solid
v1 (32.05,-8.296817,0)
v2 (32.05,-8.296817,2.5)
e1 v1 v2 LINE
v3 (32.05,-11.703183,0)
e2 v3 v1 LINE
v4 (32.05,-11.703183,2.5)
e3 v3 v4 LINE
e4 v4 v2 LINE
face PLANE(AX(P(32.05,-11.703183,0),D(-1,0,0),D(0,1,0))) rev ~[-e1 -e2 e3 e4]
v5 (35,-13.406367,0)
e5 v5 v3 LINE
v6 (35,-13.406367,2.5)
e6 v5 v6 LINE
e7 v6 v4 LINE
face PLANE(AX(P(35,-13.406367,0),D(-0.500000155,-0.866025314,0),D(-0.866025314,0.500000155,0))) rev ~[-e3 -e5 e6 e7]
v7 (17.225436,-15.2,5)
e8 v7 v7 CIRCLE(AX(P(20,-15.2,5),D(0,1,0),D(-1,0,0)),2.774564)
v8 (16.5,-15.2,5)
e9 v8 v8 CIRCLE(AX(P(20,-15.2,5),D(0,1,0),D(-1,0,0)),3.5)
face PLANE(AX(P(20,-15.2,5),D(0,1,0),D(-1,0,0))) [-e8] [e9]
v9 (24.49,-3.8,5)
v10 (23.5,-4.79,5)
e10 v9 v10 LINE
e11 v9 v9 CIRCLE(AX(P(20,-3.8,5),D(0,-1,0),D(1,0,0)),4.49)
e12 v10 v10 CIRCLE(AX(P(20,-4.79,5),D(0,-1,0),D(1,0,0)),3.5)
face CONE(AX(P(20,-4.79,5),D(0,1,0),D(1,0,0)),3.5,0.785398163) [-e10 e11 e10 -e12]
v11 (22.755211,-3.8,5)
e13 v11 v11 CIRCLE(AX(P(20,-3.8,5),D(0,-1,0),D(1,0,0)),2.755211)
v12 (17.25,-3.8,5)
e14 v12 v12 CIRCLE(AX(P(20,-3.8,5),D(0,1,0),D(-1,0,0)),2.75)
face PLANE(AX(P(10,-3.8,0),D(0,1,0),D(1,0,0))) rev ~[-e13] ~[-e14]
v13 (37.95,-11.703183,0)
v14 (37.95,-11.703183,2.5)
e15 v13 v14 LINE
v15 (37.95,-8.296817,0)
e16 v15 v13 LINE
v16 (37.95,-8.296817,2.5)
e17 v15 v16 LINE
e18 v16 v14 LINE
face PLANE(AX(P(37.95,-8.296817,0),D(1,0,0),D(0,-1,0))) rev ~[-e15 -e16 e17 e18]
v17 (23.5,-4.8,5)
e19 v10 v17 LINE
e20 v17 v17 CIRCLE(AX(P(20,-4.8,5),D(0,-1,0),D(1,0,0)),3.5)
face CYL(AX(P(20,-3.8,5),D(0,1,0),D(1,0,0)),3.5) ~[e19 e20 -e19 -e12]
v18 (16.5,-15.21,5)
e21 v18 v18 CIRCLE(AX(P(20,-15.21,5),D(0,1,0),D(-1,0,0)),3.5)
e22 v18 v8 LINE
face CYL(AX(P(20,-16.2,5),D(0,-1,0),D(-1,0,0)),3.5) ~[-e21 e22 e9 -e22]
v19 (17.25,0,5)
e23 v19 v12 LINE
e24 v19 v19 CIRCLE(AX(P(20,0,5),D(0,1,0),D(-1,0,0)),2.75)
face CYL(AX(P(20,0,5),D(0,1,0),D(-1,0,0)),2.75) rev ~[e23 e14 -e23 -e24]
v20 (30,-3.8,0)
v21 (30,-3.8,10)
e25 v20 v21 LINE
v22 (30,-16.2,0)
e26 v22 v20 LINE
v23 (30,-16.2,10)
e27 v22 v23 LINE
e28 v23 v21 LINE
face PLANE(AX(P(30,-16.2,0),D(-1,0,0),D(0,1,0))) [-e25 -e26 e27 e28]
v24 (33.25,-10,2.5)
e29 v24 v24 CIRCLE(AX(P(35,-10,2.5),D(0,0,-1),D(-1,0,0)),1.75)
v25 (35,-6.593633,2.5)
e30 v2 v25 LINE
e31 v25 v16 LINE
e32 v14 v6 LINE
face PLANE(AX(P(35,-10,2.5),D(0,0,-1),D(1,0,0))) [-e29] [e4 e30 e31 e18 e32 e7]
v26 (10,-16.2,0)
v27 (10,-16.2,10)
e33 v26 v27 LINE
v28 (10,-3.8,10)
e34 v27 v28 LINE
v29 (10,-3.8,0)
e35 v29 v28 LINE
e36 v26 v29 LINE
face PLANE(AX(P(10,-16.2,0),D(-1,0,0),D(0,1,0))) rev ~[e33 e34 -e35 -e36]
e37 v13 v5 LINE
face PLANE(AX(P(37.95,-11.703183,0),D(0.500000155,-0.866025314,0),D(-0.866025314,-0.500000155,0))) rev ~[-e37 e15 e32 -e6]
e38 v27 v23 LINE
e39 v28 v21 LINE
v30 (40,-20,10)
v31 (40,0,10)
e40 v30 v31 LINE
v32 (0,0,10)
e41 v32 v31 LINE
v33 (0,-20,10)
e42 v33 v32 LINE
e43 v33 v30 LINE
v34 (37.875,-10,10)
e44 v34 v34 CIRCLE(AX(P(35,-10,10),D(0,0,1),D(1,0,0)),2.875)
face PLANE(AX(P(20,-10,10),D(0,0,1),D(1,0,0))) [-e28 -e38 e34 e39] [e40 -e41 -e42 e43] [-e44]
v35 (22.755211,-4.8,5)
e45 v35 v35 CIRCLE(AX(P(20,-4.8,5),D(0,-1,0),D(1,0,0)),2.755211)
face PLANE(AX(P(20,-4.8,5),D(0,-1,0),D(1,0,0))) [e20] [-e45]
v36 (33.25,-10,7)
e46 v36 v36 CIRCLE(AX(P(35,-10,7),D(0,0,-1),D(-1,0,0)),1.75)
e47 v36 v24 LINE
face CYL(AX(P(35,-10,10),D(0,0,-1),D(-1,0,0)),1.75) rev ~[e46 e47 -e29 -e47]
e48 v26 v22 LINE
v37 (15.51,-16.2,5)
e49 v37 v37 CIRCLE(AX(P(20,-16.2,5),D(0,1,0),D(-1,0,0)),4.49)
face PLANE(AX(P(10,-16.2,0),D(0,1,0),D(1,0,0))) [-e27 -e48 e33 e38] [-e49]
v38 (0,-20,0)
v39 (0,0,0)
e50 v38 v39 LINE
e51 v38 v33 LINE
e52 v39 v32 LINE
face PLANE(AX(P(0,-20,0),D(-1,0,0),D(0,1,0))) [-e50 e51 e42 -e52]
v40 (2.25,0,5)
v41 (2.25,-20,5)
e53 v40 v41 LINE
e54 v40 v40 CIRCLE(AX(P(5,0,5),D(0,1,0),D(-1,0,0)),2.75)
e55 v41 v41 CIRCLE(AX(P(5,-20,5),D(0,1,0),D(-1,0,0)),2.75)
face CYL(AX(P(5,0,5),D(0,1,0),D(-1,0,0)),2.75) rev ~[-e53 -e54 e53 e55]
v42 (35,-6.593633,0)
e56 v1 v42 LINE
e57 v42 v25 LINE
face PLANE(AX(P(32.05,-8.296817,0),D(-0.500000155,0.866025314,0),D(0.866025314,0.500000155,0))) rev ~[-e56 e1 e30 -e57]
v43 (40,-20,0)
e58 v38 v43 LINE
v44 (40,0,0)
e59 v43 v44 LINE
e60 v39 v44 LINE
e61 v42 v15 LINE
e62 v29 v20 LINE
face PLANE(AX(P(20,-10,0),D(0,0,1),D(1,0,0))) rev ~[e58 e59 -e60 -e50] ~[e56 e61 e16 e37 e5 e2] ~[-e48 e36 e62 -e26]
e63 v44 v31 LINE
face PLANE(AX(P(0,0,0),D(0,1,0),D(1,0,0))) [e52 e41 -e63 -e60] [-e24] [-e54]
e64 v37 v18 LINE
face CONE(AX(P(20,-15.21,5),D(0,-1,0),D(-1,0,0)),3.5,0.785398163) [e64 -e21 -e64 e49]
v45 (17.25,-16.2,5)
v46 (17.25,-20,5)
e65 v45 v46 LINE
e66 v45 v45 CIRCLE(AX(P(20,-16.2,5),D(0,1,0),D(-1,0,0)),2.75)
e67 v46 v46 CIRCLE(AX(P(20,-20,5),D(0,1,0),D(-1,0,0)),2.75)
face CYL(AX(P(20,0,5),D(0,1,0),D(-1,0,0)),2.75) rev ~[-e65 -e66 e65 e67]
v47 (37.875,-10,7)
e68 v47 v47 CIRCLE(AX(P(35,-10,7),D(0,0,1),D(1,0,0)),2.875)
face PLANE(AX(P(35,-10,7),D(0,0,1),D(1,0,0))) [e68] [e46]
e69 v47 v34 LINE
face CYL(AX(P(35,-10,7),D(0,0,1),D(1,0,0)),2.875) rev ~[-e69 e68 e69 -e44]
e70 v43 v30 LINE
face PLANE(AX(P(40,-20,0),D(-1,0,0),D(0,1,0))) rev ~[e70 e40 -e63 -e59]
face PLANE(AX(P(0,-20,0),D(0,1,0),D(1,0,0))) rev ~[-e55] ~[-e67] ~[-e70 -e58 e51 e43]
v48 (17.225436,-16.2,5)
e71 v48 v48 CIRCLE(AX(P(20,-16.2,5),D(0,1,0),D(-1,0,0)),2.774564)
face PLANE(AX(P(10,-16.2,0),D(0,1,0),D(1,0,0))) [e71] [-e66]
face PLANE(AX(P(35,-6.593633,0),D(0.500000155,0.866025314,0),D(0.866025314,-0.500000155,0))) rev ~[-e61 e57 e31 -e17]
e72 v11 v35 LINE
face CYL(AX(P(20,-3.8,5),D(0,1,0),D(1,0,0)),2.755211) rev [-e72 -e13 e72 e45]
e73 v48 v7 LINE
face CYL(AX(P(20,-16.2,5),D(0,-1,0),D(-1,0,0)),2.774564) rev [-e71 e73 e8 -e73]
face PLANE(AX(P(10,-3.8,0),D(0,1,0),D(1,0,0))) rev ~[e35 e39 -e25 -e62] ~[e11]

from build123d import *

# Parameters (mm, degrees)
SKETCH_W         = 40
SKETCH_H         = 20
SKETCH_W_2       = 20
SKETCH_H_2       = 12.4
PAD_DEPTH        = 10
HOLE_D           = 3.5
HOLE_DEPTH       = 25
HOLE_CBORE_D     = 5.75
HOLE_CBORE_DEPTH = 3
POCKET_DEPTH     = 2.5
SKETCH003_R      = 2.75
POCKET001_DEPTH  = 20.001
SKETCH004_R      = 3.5
SKETCH004_R_2    = 2.774564
PAD001_DEPTH     = 1
SKETCH005_R      = 3.5
SKETCH005_R_2    = 2.755211
PAD002_DEPTH     = 1
CHAMFER_SIZE     = 0.99


with BuildPart() as part:
    # Sketch → Pad (new body)
    with BuildSketch(Plane.XY):
        with Locations((20, -10)):
            Rectangle(SKETCH_W, SKETCH_H)
        with Locations((20, -10)):
            Rectangle(SKETCH_W_2, SKETCH_H_2, mode=Mode.SUBTRACT)
    extrude(amount=PAD_DEPTH)

    # Hole
    with Locations(Plane.XY.offset(10)):
        with Locations((35, -10)):
            CounterBoreHole(HOLE_D / 2, HOLE_CBORE_D / 2, HOLE_CBORE_DEPTH, depth=HOLE_DEPTH)

    # Sketch002 (on Face4 of Hole) → Pocket (cut)
    with BuildSketch(Plane(origin=(0, 0, 0), x_dir=(1, 0, 0), z_dir=(0, 0, -1))):
        Polygon((37.95, 11.703183), (35, 13.406367), (32.05, 11.703183), (32.05, 8.296817), (35, 6.593633), (37.95, 8.296817), align=None)
    extrude(amount=-POCKET_DEPTH, mode=Mode.SUBTRACT)

    # Sketch003 (on Face1 of Pocket) → Pocket001 (cut, through all)
    with BuildSketch(Plane(origin=(0, 0, 0), x_dir=(-1, 0, 0), z_dir=(0, 1, 0))):
        with Locations((-5, 5)):
            Circle(SKETCH003_R)
        with Locations((-20, 5)):
            Circle(SKETCH003_R)
    extrude(amount=-POCKET001_DEPTH, mode=Mode.SUBTRACT)

    # Sketch004 (on Face16 of Pocket001) → Pad001 (join)
    with BuildSketch(Plane(origin=(0, -16.2, 0), x_dir=(-1, 0, 0), z_dir=(0, 1, 0))):
        with Locations((-20, 5)):
            Circle(SKETCH004_R)
        with Locations((-20, 5)):
            Circle(SKETCH004_R_2, mode=Mode.SUBTRACT)
    extrude(amount=PAD001_DEPTH)

    # Sketch005 (on Face17 of Pad001) → Pad002 (join)
    with BuildSketch(Plane.XZ.offset(3.8)):
        with Locations((20, 5)):
            Circle(SKETCH005_R)
        with Locations((20, 5)):
            Circle(SKETCH005_R_2, mode=Mode.SUBTRACT)
    extrude(amount=PAD002_DEPTH)

    # Chamfer
    chamfer_edges = [part.edges().sort_by_distance(p)[0] for p in [
        (16.5, -3.8, 5),
        (23.5, -16.2, 5),
    ]]
    chamfer(chamfer_edges, length=CHAMFER_SIZE)


solid = part.part
